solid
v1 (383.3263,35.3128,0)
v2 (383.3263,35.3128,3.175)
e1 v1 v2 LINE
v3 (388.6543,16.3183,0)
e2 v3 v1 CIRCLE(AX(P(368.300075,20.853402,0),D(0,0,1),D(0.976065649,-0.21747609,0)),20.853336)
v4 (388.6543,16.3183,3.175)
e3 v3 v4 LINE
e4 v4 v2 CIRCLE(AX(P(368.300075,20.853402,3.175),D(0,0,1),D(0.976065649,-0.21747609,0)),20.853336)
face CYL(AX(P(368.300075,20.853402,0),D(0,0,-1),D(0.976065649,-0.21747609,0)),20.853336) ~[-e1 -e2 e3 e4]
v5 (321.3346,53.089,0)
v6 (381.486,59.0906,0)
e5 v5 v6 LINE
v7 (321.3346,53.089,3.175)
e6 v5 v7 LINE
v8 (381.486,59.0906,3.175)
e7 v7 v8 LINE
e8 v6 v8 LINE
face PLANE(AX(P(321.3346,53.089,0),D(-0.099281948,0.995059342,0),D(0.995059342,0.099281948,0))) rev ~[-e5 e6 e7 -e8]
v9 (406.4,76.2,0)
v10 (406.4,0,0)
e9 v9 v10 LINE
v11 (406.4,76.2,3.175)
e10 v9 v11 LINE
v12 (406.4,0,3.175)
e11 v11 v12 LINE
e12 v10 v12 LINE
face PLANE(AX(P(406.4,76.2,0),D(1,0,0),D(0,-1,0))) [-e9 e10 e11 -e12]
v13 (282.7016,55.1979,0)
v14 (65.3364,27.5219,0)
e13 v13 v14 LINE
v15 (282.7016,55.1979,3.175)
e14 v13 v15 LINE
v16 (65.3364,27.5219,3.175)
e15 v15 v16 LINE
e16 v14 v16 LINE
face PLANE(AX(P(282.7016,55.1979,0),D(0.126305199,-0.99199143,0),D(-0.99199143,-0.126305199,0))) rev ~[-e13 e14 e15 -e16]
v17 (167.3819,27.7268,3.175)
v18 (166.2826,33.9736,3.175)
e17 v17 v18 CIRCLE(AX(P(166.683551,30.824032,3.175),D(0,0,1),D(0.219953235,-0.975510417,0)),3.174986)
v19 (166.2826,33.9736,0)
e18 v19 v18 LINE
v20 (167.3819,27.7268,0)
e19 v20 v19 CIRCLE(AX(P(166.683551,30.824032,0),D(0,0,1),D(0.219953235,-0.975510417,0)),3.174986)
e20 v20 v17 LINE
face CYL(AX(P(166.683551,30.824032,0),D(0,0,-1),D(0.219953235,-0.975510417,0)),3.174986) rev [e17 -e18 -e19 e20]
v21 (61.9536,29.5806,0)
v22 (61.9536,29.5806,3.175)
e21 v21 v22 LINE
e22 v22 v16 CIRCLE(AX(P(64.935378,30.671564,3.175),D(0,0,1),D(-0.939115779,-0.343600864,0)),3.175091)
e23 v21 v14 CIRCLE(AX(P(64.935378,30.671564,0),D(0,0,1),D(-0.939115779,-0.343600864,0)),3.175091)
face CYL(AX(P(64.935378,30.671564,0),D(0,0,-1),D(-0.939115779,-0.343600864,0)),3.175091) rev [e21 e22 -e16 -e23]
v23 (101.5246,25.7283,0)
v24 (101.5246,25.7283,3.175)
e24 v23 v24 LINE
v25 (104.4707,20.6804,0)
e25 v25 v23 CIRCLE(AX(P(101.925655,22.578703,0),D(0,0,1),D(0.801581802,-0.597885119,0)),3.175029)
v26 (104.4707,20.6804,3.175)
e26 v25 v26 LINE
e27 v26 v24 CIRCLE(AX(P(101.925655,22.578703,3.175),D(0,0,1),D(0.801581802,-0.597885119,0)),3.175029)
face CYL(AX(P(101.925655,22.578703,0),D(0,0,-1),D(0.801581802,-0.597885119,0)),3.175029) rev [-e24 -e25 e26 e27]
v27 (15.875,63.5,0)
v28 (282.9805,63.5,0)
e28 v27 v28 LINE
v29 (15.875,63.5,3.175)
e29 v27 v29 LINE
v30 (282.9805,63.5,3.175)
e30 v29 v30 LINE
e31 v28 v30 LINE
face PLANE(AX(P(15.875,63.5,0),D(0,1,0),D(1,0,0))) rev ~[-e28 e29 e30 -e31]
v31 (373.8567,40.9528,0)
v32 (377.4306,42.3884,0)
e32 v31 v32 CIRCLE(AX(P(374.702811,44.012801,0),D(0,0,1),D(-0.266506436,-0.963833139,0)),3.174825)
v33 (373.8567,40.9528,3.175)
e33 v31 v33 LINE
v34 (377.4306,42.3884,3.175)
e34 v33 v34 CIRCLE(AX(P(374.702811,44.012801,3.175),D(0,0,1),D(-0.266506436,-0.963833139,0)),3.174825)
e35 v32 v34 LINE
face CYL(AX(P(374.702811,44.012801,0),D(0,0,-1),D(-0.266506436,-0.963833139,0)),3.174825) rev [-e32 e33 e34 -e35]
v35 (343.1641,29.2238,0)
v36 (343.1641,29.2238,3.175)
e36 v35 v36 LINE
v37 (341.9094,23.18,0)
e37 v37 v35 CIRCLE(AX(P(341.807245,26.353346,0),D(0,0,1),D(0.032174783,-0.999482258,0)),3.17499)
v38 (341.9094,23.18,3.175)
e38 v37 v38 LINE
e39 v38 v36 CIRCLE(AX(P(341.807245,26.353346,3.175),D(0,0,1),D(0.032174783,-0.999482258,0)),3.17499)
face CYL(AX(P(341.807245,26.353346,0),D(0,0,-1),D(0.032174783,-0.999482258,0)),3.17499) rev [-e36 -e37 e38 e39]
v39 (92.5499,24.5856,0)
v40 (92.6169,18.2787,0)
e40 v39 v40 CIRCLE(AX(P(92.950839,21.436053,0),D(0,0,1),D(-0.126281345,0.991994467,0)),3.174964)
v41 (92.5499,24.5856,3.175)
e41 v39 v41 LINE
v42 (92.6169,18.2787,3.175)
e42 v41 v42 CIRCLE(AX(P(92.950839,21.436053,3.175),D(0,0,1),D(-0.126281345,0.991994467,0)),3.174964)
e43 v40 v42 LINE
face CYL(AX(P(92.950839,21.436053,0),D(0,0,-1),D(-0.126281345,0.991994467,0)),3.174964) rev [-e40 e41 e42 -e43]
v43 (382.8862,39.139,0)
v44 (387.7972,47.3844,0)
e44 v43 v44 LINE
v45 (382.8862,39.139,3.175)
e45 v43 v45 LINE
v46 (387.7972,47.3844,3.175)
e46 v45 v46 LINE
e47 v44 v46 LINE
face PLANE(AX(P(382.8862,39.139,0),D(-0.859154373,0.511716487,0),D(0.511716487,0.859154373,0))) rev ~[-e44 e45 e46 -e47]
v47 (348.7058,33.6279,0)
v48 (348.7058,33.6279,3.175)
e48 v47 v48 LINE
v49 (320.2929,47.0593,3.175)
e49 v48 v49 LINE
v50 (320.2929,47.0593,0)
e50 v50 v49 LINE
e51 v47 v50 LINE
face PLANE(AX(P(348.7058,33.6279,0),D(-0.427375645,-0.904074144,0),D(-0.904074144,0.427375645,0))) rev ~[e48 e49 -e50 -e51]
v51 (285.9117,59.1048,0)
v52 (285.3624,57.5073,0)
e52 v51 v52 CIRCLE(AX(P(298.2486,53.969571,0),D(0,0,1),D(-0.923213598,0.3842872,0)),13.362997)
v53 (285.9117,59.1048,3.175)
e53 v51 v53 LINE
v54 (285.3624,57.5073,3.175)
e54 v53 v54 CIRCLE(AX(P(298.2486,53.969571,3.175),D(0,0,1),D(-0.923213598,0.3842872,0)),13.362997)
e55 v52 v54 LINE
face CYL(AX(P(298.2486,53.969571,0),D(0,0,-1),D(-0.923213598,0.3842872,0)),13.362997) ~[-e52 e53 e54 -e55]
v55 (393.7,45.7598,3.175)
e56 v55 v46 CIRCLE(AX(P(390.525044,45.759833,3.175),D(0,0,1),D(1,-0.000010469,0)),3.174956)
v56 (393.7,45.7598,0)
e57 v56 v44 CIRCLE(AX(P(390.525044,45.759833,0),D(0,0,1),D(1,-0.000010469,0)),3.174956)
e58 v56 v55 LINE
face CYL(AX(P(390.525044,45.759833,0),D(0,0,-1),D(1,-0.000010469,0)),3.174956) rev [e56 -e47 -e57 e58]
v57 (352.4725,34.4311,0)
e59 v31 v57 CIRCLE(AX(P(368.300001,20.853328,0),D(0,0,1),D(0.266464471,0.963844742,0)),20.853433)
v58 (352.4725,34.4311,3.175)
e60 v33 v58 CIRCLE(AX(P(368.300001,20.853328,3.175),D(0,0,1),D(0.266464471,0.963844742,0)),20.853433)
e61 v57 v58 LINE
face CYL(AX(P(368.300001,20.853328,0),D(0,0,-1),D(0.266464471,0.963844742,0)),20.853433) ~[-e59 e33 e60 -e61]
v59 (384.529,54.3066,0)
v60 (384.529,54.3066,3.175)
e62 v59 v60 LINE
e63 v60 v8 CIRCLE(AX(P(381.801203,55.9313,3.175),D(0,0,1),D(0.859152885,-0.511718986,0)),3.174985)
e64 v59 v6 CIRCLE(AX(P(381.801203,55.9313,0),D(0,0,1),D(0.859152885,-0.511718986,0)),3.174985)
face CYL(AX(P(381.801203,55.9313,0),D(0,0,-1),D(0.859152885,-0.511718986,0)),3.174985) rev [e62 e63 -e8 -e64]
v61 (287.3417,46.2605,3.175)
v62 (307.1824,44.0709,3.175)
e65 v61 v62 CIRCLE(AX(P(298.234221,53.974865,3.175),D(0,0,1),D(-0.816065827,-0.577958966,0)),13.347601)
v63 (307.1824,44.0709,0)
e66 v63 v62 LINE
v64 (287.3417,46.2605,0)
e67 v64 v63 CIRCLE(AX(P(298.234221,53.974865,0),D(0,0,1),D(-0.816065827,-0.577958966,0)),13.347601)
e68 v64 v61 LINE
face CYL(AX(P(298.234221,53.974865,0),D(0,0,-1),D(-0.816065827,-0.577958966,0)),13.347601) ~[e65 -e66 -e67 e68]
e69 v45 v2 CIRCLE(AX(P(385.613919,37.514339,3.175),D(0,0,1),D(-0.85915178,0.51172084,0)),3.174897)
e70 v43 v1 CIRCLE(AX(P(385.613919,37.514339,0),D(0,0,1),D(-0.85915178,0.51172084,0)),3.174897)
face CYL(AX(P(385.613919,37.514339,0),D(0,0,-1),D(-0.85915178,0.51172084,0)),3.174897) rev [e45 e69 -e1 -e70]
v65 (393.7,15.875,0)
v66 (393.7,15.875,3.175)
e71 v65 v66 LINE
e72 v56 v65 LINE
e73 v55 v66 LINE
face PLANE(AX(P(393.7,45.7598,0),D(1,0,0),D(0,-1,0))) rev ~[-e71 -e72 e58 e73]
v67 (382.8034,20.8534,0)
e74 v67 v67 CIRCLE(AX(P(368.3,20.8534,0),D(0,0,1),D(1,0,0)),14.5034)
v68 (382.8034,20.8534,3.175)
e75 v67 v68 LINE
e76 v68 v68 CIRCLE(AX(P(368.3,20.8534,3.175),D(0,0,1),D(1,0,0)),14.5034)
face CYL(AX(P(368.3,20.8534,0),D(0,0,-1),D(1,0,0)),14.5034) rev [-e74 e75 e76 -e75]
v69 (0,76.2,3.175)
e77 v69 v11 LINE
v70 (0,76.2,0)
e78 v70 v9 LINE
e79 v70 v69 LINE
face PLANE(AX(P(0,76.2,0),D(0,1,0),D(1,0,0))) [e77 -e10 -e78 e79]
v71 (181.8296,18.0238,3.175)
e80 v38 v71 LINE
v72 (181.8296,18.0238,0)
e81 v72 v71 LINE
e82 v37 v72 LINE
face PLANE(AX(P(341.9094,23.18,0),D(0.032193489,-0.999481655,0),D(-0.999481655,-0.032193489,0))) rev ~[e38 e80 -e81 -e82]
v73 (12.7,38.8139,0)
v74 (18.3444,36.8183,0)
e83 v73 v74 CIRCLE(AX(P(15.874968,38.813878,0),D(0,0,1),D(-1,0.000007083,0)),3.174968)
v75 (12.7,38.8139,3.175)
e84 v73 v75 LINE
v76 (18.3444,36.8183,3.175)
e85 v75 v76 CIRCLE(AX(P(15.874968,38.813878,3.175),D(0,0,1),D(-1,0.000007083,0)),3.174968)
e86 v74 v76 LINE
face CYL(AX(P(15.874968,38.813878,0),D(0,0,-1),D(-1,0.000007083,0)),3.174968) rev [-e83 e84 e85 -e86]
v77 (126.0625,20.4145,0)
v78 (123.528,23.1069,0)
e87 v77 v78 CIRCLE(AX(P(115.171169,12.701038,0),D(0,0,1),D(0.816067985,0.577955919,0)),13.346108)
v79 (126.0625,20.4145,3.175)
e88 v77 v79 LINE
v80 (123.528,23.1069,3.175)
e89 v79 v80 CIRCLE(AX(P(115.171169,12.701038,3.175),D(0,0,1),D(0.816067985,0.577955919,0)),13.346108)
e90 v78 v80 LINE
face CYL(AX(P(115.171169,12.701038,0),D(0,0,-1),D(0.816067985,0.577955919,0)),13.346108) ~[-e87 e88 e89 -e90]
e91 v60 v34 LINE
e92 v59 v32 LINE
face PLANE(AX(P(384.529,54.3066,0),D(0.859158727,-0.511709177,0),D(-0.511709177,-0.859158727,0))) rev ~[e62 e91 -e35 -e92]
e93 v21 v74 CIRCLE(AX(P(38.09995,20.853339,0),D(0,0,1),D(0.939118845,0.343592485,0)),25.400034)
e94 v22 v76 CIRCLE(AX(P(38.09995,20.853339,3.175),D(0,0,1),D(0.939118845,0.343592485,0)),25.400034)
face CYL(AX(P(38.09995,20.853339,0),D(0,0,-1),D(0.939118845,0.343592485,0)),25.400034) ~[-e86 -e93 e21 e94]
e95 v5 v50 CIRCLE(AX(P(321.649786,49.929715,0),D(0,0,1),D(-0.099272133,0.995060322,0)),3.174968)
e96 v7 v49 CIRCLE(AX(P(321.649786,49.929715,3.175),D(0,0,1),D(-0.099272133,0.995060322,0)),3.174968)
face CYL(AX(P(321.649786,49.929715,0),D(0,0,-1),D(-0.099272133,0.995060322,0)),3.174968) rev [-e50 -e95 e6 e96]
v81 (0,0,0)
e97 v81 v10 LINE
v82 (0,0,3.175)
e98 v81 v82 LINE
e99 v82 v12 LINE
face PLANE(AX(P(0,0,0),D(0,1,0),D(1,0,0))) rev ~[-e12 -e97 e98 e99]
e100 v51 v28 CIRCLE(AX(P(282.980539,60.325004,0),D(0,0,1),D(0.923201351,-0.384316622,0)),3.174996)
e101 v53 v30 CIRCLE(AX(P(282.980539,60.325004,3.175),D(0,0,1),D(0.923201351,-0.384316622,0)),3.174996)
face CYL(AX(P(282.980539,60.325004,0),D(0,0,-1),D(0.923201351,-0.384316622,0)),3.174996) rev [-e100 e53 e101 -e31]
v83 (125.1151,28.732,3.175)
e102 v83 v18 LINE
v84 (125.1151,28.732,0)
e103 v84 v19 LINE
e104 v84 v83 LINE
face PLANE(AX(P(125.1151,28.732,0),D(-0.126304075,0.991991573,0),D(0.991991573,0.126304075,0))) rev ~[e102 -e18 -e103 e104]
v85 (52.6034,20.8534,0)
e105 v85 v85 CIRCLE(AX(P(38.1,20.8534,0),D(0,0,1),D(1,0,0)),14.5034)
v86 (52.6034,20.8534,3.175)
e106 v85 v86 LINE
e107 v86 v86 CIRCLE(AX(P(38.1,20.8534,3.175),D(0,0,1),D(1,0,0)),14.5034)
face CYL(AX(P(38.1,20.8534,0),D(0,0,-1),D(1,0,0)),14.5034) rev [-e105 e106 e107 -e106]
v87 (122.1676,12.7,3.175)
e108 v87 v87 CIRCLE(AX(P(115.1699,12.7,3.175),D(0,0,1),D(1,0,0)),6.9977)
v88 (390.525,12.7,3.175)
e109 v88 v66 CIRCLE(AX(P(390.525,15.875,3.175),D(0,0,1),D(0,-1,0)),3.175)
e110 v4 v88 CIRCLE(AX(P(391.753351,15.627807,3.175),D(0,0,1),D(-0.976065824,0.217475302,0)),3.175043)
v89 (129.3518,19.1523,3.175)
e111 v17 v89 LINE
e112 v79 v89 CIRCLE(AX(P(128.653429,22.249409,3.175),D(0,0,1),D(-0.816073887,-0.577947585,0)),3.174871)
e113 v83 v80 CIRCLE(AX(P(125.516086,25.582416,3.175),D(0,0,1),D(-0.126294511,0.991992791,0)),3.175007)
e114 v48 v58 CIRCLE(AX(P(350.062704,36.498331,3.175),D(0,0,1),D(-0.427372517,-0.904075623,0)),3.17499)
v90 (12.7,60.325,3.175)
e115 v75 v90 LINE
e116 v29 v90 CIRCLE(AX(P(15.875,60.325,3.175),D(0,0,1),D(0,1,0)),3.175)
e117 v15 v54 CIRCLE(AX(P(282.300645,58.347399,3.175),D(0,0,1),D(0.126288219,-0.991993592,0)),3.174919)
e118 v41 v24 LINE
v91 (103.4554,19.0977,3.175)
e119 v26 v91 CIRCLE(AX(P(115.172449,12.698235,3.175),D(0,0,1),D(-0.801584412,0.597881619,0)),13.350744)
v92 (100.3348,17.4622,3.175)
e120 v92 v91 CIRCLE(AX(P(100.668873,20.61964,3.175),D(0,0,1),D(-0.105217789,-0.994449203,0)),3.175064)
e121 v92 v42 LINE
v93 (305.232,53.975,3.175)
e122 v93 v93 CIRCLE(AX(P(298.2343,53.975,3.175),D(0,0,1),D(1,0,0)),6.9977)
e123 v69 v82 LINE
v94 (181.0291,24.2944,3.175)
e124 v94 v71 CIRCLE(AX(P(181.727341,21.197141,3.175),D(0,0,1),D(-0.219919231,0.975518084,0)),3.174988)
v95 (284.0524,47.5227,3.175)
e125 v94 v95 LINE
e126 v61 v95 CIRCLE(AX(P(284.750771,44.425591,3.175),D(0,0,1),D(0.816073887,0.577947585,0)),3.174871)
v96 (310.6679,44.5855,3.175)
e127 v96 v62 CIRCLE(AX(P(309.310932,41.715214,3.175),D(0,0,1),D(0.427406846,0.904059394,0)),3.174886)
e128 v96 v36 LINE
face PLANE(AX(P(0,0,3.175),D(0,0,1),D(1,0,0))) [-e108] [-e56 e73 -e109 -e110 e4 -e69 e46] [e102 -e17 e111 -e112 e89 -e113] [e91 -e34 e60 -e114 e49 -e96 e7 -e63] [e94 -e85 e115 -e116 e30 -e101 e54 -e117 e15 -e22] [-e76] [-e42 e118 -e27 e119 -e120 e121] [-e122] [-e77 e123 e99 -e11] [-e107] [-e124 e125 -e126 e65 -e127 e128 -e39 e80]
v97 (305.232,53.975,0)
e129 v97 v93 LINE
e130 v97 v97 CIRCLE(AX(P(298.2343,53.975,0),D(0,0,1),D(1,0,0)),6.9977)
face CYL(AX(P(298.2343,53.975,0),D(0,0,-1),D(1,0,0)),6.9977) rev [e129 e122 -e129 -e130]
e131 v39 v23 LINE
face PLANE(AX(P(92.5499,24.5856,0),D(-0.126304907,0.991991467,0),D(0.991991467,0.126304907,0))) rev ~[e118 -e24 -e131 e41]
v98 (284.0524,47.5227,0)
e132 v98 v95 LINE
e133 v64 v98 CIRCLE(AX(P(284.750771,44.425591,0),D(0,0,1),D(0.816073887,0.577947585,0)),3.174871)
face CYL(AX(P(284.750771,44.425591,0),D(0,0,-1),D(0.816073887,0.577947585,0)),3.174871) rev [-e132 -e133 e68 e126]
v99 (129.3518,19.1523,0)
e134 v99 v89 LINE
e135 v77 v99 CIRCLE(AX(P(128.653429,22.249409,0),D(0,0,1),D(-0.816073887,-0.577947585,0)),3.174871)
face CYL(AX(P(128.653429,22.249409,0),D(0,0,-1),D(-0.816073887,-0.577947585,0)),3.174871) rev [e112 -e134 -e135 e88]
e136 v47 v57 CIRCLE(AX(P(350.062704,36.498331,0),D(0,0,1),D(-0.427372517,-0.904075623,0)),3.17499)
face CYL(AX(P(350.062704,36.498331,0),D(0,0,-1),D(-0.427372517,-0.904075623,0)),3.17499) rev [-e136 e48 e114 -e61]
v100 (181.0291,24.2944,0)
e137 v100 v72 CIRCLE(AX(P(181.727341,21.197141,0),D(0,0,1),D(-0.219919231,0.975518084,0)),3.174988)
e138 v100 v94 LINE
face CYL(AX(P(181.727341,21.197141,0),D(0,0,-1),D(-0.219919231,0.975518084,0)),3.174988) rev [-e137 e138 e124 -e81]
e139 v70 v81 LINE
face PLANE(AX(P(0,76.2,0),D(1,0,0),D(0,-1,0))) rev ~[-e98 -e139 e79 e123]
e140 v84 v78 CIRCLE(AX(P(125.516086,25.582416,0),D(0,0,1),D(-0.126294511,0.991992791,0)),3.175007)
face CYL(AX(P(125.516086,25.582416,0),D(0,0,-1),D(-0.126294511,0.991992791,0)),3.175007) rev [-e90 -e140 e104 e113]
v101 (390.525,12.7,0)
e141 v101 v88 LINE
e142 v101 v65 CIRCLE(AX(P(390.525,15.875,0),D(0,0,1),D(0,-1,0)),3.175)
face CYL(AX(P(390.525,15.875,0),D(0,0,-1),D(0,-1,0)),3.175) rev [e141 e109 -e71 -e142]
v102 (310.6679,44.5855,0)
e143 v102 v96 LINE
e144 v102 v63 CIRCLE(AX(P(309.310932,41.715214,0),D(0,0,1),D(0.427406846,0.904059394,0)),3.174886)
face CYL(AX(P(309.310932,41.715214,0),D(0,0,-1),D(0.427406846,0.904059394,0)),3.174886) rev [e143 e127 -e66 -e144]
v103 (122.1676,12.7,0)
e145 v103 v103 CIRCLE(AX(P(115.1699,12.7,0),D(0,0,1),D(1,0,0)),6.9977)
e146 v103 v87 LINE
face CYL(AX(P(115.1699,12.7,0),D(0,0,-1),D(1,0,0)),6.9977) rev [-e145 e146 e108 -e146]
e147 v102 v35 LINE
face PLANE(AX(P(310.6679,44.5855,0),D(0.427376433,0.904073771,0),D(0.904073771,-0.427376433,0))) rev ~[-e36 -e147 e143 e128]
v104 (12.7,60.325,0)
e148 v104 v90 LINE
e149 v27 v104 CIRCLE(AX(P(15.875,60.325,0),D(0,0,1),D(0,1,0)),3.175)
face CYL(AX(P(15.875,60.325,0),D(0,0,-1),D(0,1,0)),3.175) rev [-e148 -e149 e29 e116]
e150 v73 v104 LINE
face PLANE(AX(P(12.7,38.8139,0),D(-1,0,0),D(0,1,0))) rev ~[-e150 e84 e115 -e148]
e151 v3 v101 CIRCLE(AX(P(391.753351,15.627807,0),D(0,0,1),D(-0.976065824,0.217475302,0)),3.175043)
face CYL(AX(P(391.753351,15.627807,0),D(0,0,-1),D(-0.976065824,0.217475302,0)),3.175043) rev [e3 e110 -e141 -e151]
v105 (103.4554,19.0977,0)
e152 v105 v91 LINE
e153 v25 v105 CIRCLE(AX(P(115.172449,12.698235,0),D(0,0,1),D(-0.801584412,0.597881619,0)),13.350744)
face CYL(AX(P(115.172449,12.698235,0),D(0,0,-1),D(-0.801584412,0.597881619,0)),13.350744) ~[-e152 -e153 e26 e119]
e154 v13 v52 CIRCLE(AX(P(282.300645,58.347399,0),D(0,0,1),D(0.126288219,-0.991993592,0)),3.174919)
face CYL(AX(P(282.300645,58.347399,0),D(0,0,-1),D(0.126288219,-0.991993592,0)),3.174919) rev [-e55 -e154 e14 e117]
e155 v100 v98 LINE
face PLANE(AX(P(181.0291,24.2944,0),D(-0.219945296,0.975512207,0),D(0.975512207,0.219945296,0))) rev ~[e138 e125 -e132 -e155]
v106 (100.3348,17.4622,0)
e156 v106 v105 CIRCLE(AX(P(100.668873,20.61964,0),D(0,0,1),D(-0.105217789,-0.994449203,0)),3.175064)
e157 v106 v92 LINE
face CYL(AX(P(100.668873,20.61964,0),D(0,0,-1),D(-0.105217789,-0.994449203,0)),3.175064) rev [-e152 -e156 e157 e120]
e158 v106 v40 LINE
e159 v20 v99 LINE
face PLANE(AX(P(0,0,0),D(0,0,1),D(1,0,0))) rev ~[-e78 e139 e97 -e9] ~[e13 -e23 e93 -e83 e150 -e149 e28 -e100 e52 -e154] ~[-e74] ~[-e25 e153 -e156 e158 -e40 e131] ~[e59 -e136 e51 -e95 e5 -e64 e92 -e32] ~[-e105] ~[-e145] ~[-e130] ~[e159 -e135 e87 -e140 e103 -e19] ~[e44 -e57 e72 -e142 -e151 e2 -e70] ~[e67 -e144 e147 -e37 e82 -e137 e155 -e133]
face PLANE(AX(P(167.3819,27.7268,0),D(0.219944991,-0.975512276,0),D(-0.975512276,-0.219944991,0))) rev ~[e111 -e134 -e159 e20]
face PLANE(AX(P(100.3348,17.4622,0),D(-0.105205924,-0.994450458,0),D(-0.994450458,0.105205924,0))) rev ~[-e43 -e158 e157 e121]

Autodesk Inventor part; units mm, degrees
ref_plane "YZ Plane" through (0, 0, 0) normal (1, 0, 0) x (0, 1, 0)
ref_plane "XZ Plane" through (0, 0, 0) normal (0, 1, 0) x (-1, 0, 0)
ref_plane "XY Plane" through (0, 0, 0) normal (0, 0, 1) x (1, 0, 0)
sketch "Sketch1" plane through (0, 0, 0) normal (0, 0, 1) x (1, 0, 0)
  line L0 (125.1151, 28.732) -> (166.2826, 33.9736)
  arc A0 (167.3819, 27.7268) -> (166.2826, 33.9736) centre (166.6836, 30.824) ccw
  line L1 (167.3819, 27.7268) -> (129.3518, 19.1523)
  arc A1 (126.0625, 20.4145) -> (129.3518, 19.1523) centre (128.6535, 22.2495) ccw
  arc A2 (126.0625, 20.4145) -> (123.528, 23.1069) centre (115.1699, 12.7) ccw
  arc A3 (125.1151, 28.732) -> (123.528, 23.1069) centre (125.5161, 25.5824) ccw
  line L2 (321.3346, 53.089) -> (381.486, 59.0906)
  arc A4 (384.529, 54.3066) -> (381.486, 59.0906) centre (381.8012, 55.9313) ccw
  line L3 (384.529, 54.3066) -> (377.4306, 42.3884)
  arc A5 (373.8567, 40.9528) -> (377.4306, 42.3884) centre (374.7028, 44.013) ccw
  arc A6 (373.8567, 40.9528) -> (352.4725, 34.4311) centre (368.3, 20.8534) ccw
  arc A7 (348.7058, 33.6279) -> (352.4725, 34.4311) centre (350.0627, 36.4983) ccw
  line L4 (348.7058, 33.6279) -> (320.2929, 47.0593)
  arc A8 (321.3346, 53.089) -> (320.2929, 47.0593) centre (321.6498, 49.9297) ccw
  arc A9 (388.6543, 16.3183) -> (390.525, 12.7) centre (391.7533, 15.6278) ccw
  arc A10 (388.6543, 16.3183) -> (383.3263, 35.3128) centre (368.3, 20.8534) ccw
  arc A11 (382.8862, 39.139) -> (383.3263, 35.3128) centre (385.6141, 37.5143) ccw
  line L5 (382.8862, 39.139) -> (387.7972, 47.3844)
  arc A12 (393.7, 45.7598) -> (387.7972, 47.3844) centre (390.525, 45.7598) ccw
  line L6 (393.7, 45.7598) -> (393.7, 15.875)
  arc A13 (390.525, 12.7) -> (393.7, 15.875) centre (390.525, 15.875) ccw
  line L7 (12.7, 38.8139) -> (12.7, 60.325)
  arc A14 (15.875, 63.5) -> (12.7, 60.325) centre (15.875, 60.325) ccw
  line L8 (15.875, 63.5) -> (282.9805, 63.5)
  arc A15 (285.9117, 59.1048) -> (282.9805, 63.5) centre (282.9805, 60.325) ccw
  arc A16 (285.9117, 59.1048) -> (285.3624, 57.5073) centre (298.2343, 53.975) ccw
  arc A17 (282.7016, 55.1979) -> (285.3624, 57.5073) centre (282.3006, 58.3475) ccw
  line L9 (282.7016, 55.1979) -> (65.3364, 27.5219)
  arc A18 (61.9536, 29.5806) -> (65.3364, 27.5219) centre (64.9353, 30.6715) ccw
  arc A19 (61.9536, 29.5806) -> (18.3444, 36.8183) centre (38.1, 20.8534) ccw
  arc A20 (12.7, 38.8139) -> (18.3444, 36.8183) centre (15.875, 38.8139) ccw
  arc A21 (341.9094, 23.18) -> (343.1641, 29.2238) centre (341.8072, 26.3534) ccw
  line L10 (341.9094, 23.18) -> (181.8296, 18.0238)
  arc A22 (181.0291, 24.2944) -> (181.8296, 18.0238) centre (181.7274, 21.1971) ccw
  line L11 (181.0291, 24.2944) -> (284.0524, 47.5227)
  arc A23 (287.3417, 46.2605) -> (284.0524, 47.5227) centre (284.7507, 44.4255) ccw
  arc A24 (287.3417, 46.2605) -> (307.1824, 44.0709) centre (298.2343, 53.975) ccw
  arc A25 (310.6679, 44.5855) -> (307.1824, 44.0709) centre (309.3109, 41.715) ccw
  line L12 (310.6679, 44.5855) -> (343.1641, 29.2238)
  arc A26 (104.4707, 20.6804) -> (103.4554, 19.0977) centre (115.1699, 12.7) ccw
  arc A27 (100.3348, 17.4622) -> (103.4554, 19.0977) centre (100.6689, 20.6195) ccw
  line L13 (100.3348, 17.4622) -> (92.6169, 18.2787)
  arc A28 (92.5499, 24.5856) -> (92.6169, 18.2787) centre (92.9509, 21.436) ccw
  line L14 (92.5499, 24.5856) -> (101.5246, 25.7283)
  arc A29 (104.4707, 20.6804) -> (101.5246, 25.7283) centre (101.9257, 22.5787) ccw
  circle A30 centre (298.2343, 53.975) radius 6.9977
  circle A31 centre (115.1699, 12.7) radius 6.9977
  circle A32 centre (38.1, 20.8534) radius 14.5034
  circle A33 centre (368.3, 20.8534) radius 14.5034
  line L15 (0, 76.2) -> (0, 0)
  line L16 (0, 0) -> (406.4, 0)
  line L17 (406.4, 76.2) -> (406.4, 0)
  line L18 (0, 76.2) -> (406.4, 76.2)
  point P0 (0, 30.4367)
extrude "Extrusion1" add sketch "Sketch1" along normal blind 3.175
properties part number "Right right side"
